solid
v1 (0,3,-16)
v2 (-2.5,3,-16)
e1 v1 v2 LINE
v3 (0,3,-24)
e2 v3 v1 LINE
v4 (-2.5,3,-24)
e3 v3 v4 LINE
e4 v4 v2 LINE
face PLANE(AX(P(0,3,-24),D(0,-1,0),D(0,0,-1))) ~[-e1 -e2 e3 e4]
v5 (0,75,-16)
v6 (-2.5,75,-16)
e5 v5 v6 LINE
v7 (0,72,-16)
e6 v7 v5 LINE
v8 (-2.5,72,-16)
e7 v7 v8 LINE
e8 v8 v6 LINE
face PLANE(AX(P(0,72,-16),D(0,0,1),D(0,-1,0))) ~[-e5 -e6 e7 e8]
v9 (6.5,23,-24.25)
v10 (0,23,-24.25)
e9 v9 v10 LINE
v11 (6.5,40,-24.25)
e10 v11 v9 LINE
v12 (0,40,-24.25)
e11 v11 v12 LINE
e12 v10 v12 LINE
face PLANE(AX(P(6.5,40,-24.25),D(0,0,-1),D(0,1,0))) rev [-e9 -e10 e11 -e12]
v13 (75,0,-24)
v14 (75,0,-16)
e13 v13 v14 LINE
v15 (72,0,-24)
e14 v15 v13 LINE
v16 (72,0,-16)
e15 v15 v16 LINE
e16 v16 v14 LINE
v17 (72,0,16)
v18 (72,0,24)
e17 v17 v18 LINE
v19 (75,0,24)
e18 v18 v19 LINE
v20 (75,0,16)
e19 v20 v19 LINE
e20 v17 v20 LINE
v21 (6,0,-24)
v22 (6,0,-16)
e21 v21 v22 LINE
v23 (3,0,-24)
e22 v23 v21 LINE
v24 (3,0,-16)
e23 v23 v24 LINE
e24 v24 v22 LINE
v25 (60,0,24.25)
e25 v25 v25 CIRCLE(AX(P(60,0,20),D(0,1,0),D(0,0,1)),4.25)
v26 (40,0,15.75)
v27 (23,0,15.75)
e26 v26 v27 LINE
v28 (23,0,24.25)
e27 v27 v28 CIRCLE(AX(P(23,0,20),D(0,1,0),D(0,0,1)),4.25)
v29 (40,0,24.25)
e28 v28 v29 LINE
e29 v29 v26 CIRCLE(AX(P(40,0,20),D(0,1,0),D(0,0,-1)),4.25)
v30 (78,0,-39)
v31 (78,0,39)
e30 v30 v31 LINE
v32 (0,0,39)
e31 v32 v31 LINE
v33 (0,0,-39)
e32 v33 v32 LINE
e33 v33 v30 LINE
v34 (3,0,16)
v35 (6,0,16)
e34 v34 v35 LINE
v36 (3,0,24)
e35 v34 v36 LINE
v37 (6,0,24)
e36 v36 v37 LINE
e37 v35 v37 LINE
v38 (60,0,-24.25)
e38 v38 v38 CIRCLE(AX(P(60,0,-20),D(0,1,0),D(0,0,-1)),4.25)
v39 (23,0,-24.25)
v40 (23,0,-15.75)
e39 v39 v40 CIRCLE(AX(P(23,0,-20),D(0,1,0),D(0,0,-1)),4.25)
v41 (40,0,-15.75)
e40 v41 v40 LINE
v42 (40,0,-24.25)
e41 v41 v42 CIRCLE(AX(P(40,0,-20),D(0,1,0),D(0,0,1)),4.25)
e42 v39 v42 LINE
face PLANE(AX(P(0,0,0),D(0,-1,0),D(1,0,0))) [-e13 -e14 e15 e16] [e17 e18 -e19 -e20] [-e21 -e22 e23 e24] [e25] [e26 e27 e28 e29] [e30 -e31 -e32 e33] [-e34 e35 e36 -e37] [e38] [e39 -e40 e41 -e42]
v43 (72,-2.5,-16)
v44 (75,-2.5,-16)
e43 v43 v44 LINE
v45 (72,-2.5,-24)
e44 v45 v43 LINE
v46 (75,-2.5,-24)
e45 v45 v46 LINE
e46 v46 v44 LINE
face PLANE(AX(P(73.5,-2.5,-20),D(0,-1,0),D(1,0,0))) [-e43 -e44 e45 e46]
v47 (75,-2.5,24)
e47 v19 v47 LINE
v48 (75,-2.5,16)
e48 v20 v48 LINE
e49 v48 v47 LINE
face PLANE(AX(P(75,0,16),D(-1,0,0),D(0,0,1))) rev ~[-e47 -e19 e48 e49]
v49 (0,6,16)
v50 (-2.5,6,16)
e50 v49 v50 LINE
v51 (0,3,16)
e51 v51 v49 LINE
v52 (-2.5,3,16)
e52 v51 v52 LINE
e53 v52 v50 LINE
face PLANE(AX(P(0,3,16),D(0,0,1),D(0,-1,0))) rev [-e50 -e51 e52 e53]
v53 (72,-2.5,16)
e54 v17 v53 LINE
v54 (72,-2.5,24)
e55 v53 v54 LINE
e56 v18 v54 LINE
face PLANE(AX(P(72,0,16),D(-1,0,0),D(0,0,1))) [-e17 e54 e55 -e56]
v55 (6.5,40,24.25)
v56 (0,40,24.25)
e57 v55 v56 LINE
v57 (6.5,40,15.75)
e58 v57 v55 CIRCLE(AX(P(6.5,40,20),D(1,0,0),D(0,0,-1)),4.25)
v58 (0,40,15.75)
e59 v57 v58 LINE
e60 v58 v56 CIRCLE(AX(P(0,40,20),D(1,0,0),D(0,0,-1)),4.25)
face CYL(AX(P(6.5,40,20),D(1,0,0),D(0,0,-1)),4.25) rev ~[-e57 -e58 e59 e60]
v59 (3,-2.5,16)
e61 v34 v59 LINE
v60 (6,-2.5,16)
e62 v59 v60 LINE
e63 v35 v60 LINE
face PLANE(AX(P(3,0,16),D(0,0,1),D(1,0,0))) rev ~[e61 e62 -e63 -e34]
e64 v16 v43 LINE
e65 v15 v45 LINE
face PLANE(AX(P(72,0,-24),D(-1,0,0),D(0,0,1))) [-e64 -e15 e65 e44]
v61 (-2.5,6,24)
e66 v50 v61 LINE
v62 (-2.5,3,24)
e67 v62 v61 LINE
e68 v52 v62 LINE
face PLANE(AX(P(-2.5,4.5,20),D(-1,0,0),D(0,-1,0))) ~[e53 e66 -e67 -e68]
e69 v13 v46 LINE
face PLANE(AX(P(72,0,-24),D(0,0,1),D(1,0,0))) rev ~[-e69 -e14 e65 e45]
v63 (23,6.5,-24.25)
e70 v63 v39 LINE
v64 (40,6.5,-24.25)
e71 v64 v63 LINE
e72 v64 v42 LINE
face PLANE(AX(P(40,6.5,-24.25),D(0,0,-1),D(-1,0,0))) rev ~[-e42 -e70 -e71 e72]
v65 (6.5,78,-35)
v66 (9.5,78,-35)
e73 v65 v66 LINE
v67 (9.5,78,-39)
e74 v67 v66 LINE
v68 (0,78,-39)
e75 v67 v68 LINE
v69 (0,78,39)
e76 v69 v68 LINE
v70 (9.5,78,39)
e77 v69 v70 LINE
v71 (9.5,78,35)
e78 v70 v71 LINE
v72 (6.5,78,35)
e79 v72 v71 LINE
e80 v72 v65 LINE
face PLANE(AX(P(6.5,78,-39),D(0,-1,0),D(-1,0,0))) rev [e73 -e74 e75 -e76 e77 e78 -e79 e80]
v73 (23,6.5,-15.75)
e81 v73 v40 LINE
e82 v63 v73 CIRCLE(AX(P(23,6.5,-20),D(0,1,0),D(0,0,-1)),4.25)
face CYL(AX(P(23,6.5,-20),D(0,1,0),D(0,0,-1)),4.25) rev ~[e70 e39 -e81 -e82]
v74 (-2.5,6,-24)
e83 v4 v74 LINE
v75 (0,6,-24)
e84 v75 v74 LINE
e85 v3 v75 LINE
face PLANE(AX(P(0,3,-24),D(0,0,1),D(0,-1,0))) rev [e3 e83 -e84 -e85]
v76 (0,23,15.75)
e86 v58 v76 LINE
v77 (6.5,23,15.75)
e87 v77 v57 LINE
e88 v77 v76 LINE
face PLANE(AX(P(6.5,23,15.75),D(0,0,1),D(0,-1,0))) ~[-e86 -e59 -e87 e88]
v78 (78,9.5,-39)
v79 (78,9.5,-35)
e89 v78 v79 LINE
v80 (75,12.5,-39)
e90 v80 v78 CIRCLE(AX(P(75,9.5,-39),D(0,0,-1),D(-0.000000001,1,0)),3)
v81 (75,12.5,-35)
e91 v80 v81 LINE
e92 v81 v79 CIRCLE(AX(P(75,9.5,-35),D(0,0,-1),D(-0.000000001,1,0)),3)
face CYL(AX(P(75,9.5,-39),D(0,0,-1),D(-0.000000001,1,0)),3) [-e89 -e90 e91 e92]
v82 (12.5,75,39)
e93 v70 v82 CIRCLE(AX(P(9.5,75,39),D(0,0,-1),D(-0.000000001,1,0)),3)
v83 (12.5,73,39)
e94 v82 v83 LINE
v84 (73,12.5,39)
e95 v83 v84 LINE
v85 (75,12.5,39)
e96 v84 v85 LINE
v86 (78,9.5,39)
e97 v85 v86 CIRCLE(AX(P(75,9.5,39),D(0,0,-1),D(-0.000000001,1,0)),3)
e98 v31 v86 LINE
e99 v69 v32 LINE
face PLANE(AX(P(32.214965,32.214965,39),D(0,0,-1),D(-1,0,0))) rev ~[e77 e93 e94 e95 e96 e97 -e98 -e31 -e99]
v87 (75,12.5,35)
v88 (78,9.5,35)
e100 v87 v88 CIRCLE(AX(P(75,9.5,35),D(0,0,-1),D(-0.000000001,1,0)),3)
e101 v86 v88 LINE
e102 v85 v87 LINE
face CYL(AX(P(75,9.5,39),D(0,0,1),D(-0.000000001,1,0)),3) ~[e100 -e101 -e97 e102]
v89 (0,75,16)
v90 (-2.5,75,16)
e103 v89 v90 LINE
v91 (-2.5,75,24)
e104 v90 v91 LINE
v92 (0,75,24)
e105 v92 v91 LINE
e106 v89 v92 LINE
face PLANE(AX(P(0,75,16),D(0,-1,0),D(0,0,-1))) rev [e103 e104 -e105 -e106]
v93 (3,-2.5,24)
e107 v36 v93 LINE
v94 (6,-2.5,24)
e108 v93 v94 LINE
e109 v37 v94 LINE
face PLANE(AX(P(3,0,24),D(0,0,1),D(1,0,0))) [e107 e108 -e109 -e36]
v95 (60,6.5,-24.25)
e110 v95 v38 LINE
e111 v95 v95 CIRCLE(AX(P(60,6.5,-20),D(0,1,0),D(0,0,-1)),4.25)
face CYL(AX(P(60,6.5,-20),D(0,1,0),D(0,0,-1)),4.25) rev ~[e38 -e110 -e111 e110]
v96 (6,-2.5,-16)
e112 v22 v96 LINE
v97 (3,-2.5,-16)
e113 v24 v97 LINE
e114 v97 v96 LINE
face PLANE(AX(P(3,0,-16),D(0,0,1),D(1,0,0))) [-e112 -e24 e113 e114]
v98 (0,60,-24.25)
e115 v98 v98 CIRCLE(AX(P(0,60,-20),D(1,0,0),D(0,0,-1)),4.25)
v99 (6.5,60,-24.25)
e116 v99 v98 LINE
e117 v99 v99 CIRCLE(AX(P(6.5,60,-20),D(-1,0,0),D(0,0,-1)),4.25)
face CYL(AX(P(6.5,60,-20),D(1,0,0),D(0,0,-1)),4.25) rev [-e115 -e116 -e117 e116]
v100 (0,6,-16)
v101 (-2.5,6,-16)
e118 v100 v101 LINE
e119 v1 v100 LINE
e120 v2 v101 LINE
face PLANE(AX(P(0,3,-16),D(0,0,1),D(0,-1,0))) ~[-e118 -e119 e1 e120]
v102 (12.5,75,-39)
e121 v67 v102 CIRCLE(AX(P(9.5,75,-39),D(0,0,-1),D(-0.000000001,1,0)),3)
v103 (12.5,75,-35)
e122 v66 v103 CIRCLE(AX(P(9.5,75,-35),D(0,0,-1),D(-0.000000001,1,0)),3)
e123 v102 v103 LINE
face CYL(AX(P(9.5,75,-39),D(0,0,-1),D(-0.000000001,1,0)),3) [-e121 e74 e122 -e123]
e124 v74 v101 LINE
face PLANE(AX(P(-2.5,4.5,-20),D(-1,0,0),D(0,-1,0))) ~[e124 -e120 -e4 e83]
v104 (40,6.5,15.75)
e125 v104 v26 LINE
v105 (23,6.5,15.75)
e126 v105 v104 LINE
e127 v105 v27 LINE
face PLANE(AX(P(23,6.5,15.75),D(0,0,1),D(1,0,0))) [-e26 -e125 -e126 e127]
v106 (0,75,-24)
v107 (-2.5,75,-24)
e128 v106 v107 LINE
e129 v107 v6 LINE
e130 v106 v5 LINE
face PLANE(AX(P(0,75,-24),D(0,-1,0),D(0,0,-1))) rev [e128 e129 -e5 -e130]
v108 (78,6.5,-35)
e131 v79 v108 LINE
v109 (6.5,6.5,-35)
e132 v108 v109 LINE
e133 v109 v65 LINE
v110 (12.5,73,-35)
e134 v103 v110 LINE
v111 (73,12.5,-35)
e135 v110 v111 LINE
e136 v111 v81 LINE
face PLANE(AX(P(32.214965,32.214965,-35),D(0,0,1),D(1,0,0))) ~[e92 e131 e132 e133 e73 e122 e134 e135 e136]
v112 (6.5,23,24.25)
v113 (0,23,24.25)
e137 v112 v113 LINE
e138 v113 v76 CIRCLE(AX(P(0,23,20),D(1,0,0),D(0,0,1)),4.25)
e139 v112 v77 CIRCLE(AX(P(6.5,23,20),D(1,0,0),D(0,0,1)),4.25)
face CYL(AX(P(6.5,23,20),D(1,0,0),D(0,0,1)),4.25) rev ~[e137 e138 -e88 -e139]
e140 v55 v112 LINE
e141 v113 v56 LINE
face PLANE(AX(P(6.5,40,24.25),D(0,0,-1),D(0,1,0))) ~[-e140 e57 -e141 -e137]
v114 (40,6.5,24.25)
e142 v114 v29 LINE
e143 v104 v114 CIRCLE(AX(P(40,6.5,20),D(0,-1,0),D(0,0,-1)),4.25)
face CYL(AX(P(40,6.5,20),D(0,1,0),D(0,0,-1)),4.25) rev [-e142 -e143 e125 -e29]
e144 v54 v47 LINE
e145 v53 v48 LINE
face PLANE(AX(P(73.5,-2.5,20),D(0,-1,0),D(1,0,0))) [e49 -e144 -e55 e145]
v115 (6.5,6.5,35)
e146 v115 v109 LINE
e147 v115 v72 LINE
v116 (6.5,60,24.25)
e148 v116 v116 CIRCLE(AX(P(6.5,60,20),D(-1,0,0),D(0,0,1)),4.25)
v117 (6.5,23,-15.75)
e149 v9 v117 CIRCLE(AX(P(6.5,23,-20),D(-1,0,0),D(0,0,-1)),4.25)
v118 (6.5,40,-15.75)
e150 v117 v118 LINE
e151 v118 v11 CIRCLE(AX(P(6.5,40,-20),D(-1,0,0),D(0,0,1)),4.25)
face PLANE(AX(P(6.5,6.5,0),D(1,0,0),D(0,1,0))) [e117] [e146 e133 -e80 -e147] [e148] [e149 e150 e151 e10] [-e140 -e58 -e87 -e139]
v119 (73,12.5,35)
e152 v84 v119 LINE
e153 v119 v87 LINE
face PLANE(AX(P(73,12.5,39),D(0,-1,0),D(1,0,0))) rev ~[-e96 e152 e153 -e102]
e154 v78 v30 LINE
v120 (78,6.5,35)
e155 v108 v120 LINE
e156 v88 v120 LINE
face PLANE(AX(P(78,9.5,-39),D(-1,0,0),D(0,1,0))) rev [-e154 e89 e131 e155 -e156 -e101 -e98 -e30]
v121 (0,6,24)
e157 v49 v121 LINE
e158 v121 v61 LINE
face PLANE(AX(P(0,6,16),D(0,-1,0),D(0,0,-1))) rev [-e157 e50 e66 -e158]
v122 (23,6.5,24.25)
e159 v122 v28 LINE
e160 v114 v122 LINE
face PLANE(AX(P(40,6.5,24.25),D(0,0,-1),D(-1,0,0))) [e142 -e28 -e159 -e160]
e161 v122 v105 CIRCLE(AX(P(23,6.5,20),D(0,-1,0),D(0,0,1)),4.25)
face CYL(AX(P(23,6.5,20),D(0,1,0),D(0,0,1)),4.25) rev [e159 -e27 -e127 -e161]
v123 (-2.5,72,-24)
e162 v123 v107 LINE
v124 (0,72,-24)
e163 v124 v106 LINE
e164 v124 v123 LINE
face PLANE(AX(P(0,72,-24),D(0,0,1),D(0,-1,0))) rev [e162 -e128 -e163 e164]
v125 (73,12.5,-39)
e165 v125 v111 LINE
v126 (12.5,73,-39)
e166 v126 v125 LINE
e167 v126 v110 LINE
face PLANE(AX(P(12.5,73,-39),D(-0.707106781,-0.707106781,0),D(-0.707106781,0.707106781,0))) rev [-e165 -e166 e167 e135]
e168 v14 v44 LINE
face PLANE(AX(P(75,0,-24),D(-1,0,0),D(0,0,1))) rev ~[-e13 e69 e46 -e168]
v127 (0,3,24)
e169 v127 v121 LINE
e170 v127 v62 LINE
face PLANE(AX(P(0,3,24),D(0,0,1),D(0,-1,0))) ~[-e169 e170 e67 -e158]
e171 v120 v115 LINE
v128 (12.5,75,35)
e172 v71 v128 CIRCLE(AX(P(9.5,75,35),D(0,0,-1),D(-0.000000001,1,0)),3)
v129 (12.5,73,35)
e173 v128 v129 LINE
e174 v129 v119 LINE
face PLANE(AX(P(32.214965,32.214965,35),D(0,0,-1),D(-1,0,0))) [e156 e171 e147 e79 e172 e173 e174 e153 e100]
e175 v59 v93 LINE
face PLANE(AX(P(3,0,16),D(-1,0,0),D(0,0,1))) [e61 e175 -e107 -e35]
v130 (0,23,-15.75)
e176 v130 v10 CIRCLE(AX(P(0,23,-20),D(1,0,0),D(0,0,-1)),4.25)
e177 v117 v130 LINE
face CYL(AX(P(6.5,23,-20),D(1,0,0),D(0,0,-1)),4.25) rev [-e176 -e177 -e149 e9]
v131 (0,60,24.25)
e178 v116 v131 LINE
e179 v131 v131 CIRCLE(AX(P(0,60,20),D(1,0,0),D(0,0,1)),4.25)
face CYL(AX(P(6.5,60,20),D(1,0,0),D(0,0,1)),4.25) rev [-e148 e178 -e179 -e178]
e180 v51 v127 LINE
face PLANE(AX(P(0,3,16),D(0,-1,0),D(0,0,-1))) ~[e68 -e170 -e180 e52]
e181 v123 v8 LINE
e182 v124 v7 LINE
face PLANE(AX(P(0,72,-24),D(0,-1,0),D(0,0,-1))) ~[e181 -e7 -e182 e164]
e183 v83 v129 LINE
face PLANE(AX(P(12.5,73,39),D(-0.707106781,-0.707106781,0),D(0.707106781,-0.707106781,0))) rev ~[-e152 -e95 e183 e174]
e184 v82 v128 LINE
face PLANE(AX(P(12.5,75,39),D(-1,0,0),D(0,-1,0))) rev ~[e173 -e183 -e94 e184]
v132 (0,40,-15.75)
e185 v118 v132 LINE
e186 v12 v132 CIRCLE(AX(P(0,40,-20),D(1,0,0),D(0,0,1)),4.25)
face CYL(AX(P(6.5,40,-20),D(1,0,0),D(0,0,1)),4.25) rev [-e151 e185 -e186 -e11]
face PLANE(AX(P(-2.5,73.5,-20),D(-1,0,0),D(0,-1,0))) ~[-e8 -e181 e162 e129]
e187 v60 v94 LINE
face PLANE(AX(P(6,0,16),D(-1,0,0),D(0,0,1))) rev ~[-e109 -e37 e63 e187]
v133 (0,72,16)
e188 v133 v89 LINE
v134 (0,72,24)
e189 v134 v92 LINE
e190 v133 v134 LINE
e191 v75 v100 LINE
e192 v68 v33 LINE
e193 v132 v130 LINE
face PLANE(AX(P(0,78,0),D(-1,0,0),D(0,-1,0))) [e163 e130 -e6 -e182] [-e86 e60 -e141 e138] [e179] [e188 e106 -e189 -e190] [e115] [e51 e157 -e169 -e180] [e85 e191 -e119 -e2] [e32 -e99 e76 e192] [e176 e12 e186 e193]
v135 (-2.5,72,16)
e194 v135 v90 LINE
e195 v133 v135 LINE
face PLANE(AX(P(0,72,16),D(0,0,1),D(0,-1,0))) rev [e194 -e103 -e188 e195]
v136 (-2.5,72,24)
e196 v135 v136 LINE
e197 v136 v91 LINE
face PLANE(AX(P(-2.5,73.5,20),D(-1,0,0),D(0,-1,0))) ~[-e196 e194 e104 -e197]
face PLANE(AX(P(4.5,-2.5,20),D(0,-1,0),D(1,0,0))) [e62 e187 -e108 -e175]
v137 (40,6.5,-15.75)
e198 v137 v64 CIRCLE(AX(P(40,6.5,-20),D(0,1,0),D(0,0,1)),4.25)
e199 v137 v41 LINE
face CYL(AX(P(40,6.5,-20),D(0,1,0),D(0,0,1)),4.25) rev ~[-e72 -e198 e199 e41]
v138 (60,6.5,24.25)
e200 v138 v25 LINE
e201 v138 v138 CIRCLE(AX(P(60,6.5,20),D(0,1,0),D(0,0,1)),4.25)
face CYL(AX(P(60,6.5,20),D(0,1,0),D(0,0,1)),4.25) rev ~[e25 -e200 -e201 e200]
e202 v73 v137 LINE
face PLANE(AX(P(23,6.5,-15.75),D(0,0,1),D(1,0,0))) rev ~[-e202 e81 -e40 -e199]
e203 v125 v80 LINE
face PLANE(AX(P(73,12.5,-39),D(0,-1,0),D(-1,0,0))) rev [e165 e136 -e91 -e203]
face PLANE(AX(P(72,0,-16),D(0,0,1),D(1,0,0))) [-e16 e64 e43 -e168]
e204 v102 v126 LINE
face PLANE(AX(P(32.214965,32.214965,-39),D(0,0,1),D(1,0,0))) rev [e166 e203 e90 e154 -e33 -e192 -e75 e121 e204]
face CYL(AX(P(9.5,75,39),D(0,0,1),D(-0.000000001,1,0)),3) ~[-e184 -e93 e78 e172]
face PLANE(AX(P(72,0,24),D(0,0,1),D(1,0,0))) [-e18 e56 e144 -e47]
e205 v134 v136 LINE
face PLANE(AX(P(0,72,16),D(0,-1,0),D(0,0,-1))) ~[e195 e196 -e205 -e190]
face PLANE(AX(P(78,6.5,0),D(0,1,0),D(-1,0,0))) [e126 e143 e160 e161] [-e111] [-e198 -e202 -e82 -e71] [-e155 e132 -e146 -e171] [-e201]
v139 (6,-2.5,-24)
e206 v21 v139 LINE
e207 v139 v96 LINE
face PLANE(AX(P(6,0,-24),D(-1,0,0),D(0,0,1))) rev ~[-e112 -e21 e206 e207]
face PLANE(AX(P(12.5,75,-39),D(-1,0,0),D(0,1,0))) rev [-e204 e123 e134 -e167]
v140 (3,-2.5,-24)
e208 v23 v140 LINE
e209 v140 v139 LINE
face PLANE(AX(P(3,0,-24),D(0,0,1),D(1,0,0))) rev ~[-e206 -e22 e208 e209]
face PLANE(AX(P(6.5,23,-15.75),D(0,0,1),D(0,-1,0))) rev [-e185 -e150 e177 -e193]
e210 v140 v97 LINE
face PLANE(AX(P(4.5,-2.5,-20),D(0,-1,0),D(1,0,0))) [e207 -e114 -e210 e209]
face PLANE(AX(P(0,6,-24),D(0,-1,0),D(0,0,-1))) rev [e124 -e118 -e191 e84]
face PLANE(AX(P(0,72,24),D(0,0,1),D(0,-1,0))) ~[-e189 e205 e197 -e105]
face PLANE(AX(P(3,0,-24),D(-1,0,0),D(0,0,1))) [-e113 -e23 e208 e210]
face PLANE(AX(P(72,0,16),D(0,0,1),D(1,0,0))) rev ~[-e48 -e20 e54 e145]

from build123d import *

# Parameters (mm, degrees)
EXTRUDE_1_DEPTH     = 39
EXTRUDE_2_DEPTH     = 4
SKETCH_3_R          = 4.25
CUT_EXTRUDE_1_DEPTH = 7.5
SKETCH_4_W          = 3
SKETCH_4_H          = 8
EXTRUDE_3_DEPTH     = 2.5


with BuildPart() as part:
    # Эскиз1 → Бобышка-Вытянуть1 (new body, symmetric)
    with BuildSketch(Plane.XY):
        Polygon((0, 78), (0, 0), (78, 0), (78, 6.5), (6.5, 6.5), (6.5, 78), align=None)
    extrude(amount=EXTRUDE_1_DEPTH, both=True)

    # Эскиз2 → Бобышка-Вытянуть2 (add)
    with BuildSketch(Plane.XY.offset(39)):
        with BuildLine():
            Line((78, 6.5), (6.5, 6.5))
            Line((6.5, 6.5), (6.5, 78))
            Line((6.5, 78), (9.5, 78))
            ThreePointArc((9.5, 78), (11.621320344, 77.121320344), (12.5, 75))
            Line((12.5, 75), (12.5, 73))
            Line((12.5, 73), (73, 12.5))
            Line((73, 12.5), (75, 12.5))
            ThreePointArc((75, 12.5), (77.121320344, 11.621320344), (78, 9.5))
            Line((78, 9.5), (78, 6.5))
        make_face()
    extrude_2 = extrude(amount=-EXTRUDE_2_DEPTH)

    # Зеркальное отражение2: Бобышка-Вытянуть2 across plane
    add(extrude_2.mirror(Plane.XY))

    # Эскиз3 → Вырез-Вытянуть1 (cut, through all)
    with BuildSketch(Plane(origin=(0, 6.5, 0), x_dir=(1, 0, 0), z_dir=(0, 1, 0))):
        with Locations(Location((60, -20, 0), (0, 0, 270))):  # turned: the seam where the file's is
            Circle(SKETCH_3_R)
        with Locations(Location((60, 20, 0), (0, 0, 90))):  # turned: the seam where the file's is
            Circle(SKETCH_3_R)
        with BuildLine():
            Line((23, -15.75), (40, -15.75))
            ThreePointArc((40, -15.75), (44.25, -20), (40, -24.25))
            Line((40, -24.25), (23, -24.25))
            ThreePointArc((23, -24.25), (18.75, -20), (23, -15.75))
        make_face()
        with BuildLine():
            Line((23, 15.75), (40, 15.75))
            ThreePointArc((40, 15.75), (44.25, 20), (40, 24.25))
            Line((40, 24.25), (23, 24.25))
            ThreePointArc((23, 24.25), (18.75, 20), (23, 15.75))
        make_face()
    cut_extrude_1 = extrude(amount=-CUT_EXTRUDE_1_DEPTH, mode=Mode.SUBTRACT)

    # Эскиз4 → Бобышка-Вытянуть3 (add)
    with BuildSketch(Plane.XZ):
        with Locations((4.5, -20)):
            Rectangle(SKETCH_4_W, SKETCH_4_H)
        with Locations((73.5, -20)):
            Rectangle(SKETCH_4_W, SKETCH_4_H)
        with Locations((73.5, 20)):
            Rectangle(SKETCH_4_W, SKETCH_4_H)
        with Locations((4.5, 20)):
            Rectangle(SKETCH_4_W, SKETCH_4_H)
    extrude_3 = extrude(amount=EXTRUDE_3_DEPTH)

    # Зеркальное отражение3: Вырез-Вытянуть1, Бобышка-Вытянуть3 across plane
    add(cut_extrude_1.mirror(Plane(origin=(0, 0, 0), x_dir=(0, 0, 1), z_dir=(-0.707106781, 0.707106781, 0))), mode=Mode.SUBTRACT)
    add(extrude_3.mirror(Plane(origin=(0, 0, 0), x_dir=(0, 0, 1), z_dir=(-0.707106781, 0.707106781, 0))))


solid = part.part
